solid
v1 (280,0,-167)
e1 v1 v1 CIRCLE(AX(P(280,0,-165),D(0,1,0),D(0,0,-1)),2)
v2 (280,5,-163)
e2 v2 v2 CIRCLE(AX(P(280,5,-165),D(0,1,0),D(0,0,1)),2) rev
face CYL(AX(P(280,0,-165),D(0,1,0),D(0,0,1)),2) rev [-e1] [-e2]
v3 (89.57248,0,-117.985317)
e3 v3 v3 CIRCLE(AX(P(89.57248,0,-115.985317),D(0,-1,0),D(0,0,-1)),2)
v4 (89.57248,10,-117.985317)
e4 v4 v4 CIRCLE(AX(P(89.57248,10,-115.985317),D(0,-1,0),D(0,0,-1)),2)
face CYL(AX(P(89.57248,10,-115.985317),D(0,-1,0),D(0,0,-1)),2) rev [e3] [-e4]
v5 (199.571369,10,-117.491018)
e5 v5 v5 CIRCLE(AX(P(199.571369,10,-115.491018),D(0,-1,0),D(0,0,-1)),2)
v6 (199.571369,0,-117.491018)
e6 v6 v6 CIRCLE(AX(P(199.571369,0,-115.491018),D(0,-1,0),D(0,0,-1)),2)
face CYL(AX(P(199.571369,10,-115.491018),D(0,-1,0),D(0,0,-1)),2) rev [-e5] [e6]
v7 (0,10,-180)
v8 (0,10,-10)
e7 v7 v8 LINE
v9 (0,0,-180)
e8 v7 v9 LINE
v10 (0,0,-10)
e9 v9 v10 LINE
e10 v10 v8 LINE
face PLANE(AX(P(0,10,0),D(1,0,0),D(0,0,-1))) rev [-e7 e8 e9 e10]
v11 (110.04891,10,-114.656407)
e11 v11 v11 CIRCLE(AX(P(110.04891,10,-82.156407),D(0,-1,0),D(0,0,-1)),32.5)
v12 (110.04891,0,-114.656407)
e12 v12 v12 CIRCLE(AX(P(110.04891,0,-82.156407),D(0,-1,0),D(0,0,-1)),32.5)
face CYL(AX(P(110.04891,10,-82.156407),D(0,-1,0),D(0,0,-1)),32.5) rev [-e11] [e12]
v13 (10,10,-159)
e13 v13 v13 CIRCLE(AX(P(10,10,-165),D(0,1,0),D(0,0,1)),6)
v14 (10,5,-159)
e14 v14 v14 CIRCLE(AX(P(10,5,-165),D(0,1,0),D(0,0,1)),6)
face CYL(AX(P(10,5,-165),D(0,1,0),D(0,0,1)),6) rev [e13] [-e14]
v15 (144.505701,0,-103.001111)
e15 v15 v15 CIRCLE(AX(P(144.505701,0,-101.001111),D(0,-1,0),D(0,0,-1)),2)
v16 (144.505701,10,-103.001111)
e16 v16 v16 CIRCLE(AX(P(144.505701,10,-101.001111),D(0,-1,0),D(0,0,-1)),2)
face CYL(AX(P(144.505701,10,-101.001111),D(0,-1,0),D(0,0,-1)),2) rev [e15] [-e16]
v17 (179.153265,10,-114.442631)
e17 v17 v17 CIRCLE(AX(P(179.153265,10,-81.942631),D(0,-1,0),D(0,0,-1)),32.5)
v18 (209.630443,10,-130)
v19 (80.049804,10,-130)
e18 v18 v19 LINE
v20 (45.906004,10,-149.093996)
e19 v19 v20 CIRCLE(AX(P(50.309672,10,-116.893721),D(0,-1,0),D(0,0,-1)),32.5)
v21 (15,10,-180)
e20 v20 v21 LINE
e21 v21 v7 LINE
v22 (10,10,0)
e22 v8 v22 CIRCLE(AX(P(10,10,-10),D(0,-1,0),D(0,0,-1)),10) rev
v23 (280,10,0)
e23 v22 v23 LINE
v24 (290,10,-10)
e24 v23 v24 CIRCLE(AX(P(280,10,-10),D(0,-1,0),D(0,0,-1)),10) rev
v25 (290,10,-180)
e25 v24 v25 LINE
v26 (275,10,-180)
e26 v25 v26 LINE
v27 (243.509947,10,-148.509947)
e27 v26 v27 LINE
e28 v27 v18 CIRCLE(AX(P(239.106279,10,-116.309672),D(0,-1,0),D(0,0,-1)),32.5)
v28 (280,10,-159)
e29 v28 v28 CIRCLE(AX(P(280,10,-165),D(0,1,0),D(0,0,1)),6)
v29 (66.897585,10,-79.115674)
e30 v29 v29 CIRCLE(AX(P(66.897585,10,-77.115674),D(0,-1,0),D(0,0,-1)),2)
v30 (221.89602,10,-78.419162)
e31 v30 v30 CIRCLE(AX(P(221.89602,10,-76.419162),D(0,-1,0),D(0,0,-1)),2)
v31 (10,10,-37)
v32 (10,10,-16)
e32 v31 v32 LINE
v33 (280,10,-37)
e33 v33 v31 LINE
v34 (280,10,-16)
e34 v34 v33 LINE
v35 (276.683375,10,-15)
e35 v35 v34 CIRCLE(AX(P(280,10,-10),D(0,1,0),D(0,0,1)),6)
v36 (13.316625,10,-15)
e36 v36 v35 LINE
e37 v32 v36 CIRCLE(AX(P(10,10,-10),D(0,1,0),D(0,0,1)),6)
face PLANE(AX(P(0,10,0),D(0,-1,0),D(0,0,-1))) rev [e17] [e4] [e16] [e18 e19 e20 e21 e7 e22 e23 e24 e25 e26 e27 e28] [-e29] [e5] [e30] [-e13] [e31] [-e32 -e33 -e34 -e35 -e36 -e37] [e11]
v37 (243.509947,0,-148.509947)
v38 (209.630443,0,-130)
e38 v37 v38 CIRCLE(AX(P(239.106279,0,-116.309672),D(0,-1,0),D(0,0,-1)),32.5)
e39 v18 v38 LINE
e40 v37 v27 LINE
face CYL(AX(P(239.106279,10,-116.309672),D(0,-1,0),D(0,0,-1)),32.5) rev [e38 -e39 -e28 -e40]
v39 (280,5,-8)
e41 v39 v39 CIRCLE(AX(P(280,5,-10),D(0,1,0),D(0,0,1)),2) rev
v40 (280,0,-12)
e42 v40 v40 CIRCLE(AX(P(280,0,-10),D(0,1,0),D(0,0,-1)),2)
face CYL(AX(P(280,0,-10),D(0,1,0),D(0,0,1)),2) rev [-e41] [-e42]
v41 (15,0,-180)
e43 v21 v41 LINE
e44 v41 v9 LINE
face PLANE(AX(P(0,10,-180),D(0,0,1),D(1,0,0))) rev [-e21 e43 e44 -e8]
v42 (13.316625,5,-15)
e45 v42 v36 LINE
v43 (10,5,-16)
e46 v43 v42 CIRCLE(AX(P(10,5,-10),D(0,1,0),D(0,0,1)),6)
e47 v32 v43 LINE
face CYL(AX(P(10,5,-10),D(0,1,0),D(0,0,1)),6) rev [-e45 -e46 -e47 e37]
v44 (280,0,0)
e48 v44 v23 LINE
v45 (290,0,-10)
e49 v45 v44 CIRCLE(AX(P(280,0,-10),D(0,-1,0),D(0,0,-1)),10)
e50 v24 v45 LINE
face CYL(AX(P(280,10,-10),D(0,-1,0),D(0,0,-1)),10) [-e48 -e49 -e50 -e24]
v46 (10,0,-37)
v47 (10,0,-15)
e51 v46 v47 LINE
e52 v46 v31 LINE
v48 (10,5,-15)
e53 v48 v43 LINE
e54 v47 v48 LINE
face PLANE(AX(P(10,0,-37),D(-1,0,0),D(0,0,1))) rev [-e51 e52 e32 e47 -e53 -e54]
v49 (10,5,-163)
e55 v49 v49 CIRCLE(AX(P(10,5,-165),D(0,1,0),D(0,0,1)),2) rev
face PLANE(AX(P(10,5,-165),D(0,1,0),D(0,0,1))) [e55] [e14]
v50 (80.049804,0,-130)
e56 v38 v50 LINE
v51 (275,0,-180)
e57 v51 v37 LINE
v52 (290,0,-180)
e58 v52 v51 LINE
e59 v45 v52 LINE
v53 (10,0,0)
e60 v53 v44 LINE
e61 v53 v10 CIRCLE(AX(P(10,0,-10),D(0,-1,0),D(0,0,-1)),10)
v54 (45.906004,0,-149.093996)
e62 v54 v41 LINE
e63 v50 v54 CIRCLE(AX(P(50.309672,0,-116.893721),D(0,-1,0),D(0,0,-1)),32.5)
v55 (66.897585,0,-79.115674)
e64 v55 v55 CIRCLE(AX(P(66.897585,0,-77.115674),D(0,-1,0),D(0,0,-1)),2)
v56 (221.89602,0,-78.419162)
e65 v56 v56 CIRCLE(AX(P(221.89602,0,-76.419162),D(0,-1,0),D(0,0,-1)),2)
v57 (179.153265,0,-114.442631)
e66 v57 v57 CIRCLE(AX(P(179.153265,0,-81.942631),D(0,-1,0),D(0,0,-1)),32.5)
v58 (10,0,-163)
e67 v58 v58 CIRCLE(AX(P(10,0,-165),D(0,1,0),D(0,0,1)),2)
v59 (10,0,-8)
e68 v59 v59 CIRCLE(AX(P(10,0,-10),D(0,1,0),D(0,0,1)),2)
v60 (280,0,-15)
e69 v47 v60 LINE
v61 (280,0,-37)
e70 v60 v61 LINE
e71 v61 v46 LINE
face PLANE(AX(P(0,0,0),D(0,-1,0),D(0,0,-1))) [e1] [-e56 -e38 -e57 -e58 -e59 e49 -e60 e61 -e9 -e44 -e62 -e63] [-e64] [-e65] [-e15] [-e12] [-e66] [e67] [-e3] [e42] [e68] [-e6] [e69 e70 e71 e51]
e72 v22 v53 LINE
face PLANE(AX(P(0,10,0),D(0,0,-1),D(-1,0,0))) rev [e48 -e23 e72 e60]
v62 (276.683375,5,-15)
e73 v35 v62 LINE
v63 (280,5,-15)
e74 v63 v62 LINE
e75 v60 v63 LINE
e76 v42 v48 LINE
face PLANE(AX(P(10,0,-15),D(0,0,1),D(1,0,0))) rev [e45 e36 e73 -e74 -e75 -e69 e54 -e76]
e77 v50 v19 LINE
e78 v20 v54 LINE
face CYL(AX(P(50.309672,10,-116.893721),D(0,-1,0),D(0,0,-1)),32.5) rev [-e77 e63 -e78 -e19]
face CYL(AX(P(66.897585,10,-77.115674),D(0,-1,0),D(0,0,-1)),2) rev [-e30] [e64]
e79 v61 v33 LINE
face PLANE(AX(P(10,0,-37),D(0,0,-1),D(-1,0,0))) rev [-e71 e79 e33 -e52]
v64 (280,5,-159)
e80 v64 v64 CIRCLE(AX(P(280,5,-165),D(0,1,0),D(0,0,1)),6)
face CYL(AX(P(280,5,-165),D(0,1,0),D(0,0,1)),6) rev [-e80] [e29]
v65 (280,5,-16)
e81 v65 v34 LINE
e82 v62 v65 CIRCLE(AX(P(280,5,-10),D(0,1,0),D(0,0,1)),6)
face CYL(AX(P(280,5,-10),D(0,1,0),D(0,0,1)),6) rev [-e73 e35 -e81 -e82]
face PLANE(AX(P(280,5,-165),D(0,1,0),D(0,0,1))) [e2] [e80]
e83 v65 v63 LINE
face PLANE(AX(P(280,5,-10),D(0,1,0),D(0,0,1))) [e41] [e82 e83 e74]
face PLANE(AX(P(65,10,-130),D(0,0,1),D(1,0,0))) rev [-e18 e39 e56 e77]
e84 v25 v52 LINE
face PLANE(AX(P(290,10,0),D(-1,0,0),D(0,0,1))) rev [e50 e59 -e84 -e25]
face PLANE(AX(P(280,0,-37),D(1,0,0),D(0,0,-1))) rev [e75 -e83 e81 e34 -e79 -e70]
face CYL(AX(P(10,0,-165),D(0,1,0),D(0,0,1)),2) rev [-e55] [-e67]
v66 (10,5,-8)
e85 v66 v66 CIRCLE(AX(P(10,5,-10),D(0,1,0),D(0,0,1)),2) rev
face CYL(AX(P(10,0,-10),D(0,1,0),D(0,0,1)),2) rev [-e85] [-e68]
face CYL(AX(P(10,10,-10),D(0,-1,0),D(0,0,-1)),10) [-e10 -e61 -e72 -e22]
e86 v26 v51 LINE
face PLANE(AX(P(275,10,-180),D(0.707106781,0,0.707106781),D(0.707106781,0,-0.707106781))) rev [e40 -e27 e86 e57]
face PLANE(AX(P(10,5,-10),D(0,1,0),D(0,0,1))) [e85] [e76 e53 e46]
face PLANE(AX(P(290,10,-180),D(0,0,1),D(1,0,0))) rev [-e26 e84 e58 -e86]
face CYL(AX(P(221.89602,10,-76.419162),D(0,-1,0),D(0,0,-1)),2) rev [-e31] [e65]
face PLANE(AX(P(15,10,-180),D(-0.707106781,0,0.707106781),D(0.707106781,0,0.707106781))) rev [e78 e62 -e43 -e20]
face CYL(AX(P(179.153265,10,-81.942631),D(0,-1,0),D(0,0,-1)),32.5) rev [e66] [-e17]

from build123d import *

# Parameters (mm, degrees)
BOSS_EXTRU_1_DEPTH      = 10
ESQUISSE3_R             = 2
ENL_V_MAT_EXTRU_1_DEPTH = 10
CONG_1_R                = 10
ESQUISSE4_R             = 32.5
ENL_V_MAT_EXTRU_2_DEPTH = 10
ESQUISSE5_R             = 2
ENL_V_MAT_EXTRU_3_DEPTH = 10
ESQUISSE6_W             = 270
ESQUISSE6_H             = 22
ENL_V_MAT_EXTRU_4_DEPTH = 10
ESQUISSE7_R             = 2
ENL_V_MAT_EXTRU_5_DEPTH = 10
ESQUISSE10_R            = 6
ENL_V_MAT_EXTRU_6_DEPTH = 5


with BuildPart() as part:
    # Esquisse2 → Boss.-Extru.1 (new body)
    with BuildSketch(Plane(origin=(0, 0, 0), x_dir=(1, 0, 0), z_dir=(0, 1, 0))):
        Polygon((0, 0), (290, 0), (290, 180), (275, 180), (225, 130), (65, 130), (15, 180), (0, 180), align=None)
    extrude(amount=BOSS_EXTRU_1_DEPTH)

    # Esquisse3 → Enlèv. mat.-Extru.1 (cut)
    with BuildSketch(Plane(origin=(0, 10, 0), x_dir=(1, 0, 0), z_dir=(0, 1, 0))):
        with Locations((10, 10)):
            Circle(ESQUISSE3_R)
        with Locations((280, 10)):
            Circle(ESQUISSE3_R)
    extrude(amount=-ENL_V_MAT_EXTRU_1_DEPTH, mode=Mode.SUBTRACT)

    # Congé1
    cong_1_edges = [part.edges().sort_by_distance(p)[0] for p in [
        (290, 5, 0),
        (0, 5, 0),
    ]]
    fillet(cong_1_edges, radius=CONG_1_R)

    # Esquisse4 → Enlèv. mat.-Extru.2 (cut)
    with BuildSketch(Plane.XZ):
        with Locations((239.106279441, -116.309672248)):
            Circle(ESQUISSE4_R)
        with Locations((179.153264776, -81.942630954)):
            Circle(ESQUISSE4_R)
        with Locations((110.048910395, -82.156407472)):
            Circle(ESQUISSE4_R)
        with Locations((50.309672248, -116.893720559)):
            Circle(ESQUISSE4_R)
    extrude(amount=-ENL_V_MAT_EXTRU_2_DEPTH, mode=Mode.SUBTRACT)

    # Esquisse5 → Enlèv. mat.-Extru.3 (cut)
    with BuildSketch(Plane(origin=(0, 0, 0), x_dir=(-1, 0, 0), z_dir=(0, -1, 0))):
        with Locations((-144.50570114, 101.001110603)):
            Circle(ESQUISSE5_R)
        with Locations((-199.571369329, 115.491017964)):
            Circle(ESQUISSE5_R)
        with Locations((-221.896020418, 76.419161677)):
            Circle(ESQUISSE5_R)
        with Locations((-66.897585359, 77.115673706)):
            Circle(ESQUISSE5_R)
        with Locations((-89.572479932, 115.985316824)):
            Circle(ESQUISSE5_R)
    extrude(amount=-ENL_V_MAT_EXTRU_3_DEPTH, mode=Mode.SUBTRACT)

    # Esquisse6 → Enlèv. mat.-Extru.4 (cut)
    with BuildSketch(Plane(origin=(0, 10, 0), x_dir=(1, 0, 0), z_dir=(0, 1, 0))):
        with Locations((145, 26)):
            Rectangle(ESQUISSE6_W, ESQUISSE6_H)
    extrude(amount=-ENL_V_MAT_EXTRU_4_DEPTH, mode=Mode.SUBTRACT)

    # Esquisse7 → Enlèv. mat.-Extru.5 (cut)
    with BuildSketch(Plane(origin=(0, 10, 0), x_dir=(1, 0, 0), z_dir=(0, 1, 0))):
        with Locations((10, 165)):
            Circle(ESQUISSE7_R)
        with Locations((280, 165)):
            Circle(ESQUISSE7_R)
    extrude(amount=-ENL_V_MAT_EXTRU_5_DEPTH, mode=Mode.SUBTRACT)

    # Esquisse10 → Enlèv. mat.-Extru.6 (cut)
    with BuildSketch(Plane(origin=(0, 10, 0), x_dir=(1, 0, 0), z_dir=(0, 1, 0))):
        with Locations((10, 165)):
            Circle(ESQUISSE10_R)
        with Locations((280, 165)):
            Circle(ESQUISSE10_R)
        with Locations((280, 10)):
            Circle(ESQUISSE10_R)
        with Locations((10, 10)):
            Circle(ESQUISSE10_R)
    extrude(amount=-ENL_V_MAT_EXTRU_6_DEPTH, mode=Mode.SUBTRACT)


solid = part.part
